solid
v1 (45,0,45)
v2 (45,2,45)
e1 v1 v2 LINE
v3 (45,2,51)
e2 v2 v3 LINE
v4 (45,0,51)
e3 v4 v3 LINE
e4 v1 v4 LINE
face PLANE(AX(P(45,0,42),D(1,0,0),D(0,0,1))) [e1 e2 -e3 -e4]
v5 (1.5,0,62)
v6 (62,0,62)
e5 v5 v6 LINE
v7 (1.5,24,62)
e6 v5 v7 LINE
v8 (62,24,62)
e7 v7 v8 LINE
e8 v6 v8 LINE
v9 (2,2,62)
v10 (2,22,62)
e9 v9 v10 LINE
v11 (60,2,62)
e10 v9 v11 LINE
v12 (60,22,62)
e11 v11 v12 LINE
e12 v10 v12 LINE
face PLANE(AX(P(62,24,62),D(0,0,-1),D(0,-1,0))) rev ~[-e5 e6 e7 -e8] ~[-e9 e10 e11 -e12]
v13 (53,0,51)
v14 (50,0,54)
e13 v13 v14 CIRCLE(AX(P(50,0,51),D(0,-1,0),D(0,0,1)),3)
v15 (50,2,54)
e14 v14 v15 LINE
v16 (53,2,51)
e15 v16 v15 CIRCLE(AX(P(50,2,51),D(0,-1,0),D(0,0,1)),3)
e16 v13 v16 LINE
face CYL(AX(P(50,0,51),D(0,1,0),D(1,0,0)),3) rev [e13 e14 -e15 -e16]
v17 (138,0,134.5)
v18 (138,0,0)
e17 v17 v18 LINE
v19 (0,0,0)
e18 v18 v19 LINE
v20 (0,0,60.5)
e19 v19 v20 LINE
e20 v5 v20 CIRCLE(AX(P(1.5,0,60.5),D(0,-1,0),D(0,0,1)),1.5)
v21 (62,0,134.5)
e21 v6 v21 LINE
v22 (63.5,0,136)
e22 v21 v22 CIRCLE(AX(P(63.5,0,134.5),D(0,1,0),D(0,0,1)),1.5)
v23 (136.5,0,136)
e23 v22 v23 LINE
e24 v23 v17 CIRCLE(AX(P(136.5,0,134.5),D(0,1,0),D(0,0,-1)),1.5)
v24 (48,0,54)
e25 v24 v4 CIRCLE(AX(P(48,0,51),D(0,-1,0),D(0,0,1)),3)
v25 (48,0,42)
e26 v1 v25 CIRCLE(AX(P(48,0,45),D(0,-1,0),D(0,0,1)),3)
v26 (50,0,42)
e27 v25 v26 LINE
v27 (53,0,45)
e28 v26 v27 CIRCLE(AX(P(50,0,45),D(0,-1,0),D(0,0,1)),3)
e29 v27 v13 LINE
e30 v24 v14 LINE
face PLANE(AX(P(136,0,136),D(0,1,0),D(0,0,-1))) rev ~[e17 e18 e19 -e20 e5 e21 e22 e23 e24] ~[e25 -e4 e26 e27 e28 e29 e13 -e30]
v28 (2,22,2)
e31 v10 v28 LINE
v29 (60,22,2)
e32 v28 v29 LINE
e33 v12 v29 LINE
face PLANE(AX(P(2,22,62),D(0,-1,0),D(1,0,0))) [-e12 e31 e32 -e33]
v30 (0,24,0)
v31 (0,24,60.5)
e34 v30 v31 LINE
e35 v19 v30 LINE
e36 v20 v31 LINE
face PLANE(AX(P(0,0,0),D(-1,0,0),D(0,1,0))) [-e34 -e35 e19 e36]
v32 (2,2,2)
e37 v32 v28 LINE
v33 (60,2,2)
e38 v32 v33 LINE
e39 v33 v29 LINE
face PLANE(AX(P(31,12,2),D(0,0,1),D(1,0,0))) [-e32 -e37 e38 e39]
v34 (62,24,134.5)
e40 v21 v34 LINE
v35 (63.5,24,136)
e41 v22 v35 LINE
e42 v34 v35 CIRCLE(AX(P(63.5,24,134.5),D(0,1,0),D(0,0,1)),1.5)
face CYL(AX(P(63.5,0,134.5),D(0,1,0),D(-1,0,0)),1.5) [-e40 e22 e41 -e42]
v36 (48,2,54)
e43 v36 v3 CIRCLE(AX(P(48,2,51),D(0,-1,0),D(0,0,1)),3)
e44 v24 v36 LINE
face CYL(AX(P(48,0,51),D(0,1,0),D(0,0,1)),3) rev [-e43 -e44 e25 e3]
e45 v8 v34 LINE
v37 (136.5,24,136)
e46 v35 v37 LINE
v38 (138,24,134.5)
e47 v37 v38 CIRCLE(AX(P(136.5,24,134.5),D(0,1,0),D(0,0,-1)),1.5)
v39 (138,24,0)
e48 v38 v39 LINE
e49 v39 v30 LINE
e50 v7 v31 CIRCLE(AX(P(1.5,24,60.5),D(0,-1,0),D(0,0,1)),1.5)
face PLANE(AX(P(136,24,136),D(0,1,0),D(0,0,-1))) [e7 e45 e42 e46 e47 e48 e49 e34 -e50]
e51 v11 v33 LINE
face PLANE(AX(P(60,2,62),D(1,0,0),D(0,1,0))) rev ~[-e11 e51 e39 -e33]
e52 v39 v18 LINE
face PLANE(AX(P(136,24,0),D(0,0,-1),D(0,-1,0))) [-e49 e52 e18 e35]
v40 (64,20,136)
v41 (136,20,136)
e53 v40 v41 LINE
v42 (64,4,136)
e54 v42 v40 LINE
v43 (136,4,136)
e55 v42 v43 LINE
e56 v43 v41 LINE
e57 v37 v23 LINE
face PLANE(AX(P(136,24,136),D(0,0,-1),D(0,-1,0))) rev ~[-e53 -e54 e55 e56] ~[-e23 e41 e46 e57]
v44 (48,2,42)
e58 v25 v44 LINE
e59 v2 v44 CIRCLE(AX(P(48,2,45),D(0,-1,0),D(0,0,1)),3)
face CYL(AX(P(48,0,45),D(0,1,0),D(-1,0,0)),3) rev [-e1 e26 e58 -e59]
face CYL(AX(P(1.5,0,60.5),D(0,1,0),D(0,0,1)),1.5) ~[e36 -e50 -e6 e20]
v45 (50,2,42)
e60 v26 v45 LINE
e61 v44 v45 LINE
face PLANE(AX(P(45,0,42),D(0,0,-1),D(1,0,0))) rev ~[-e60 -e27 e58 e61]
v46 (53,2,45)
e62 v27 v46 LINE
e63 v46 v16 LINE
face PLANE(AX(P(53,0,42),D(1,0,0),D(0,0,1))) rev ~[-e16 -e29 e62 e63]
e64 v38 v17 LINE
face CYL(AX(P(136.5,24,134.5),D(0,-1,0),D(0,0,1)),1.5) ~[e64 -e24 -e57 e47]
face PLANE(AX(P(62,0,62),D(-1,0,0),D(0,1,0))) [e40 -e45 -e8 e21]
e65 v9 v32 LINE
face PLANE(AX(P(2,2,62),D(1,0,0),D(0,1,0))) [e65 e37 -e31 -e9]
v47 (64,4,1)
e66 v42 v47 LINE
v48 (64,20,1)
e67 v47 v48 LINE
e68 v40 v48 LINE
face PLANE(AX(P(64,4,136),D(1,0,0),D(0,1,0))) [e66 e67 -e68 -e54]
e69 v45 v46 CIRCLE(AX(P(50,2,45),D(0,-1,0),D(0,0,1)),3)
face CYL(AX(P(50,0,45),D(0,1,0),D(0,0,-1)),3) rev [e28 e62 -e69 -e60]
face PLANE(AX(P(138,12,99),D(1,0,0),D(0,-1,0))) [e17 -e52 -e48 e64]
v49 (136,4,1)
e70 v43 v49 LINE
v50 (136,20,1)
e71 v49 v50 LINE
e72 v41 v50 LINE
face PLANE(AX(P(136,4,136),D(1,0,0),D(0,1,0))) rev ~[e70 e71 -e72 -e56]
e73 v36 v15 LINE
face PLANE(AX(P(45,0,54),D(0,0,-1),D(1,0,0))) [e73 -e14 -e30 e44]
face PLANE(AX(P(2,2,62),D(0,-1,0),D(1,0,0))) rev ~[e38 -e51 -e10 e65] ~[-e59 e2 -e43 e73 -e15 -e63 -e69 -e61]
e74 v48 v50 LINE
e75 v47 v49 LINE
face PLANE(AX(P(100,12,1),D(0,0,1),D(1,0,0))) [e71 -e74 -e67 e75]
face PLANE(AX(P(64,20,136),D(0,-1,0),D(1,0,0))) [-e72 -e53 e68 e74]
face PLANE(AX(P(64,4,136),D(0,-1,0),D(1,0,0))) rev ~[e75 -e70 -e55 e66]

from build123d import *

# Parameters (mm, degrees)
SKETCH_W          = 62
SKETCH_H          = 24
PAD_DEPTH         = 62
SKETCH001_W       = 58
SKETCH001_H       = 20
POCKET_DEPTH      = 60
SKETCH002_W       = 8
SKETCH002_H       = 12
POCKET001_DEPTH   = 2
POCKET001_FACE5_W = 24
POCKET001_FACE5_H = 62
PAD001_DEPTH      = 74
PAD001_FACE12_W   = 24
PAD001_FACE12_H   = 74
PAD002_DEPTH      = 74
PAD002_FACE18_W   = 24
PAD002_FACE18_H   = 62
PAD003_DEPTH      = 2
PAD003_FACE24_W   = 24
PAD003_FACE24_H   = 74
PAD004_DEPTH      = 2
SKETCH003_W       = 72
SKETCH003_H       = 16
POCKET002_DEPTH   = 135
FILLET_R          = 3
FILLET001_R       = 3
FILLET002_R       = 3
FILLET003_R       = 3
FILLET004_R       = 1.5
FILLET005_R       = 1.5
FILLET006_R       = 1.5


with BuildPart() as part:
    # Sketch → Pad (new body)
    with BuildSketch(Plane.XY):
        with Locations((31, 12)):
            Rectangle(SKETCH_W, SKETCH_H)
    extrude(amount=PAD_DEPTH)

    # Sketch001 (on Face6 of Pad) → Pocket (cut)
    with BuildSketch(Plane.XY.offset(62)):
        with Locations((31, 12)):
            Rectangle(SKETCH001_W, SKETCH001_H)
    extrude(amount=-POCKET_DEPTH, mode=Mode.SUBTRACT)

    # Sketch002 (on Face1 of Pocket) → Pocket001 (cut)
    with BuildSketch(Plane.XZ):
        with Locations((49, 48)):
            Rectangle(SKETCH002_W, SKETCH002_H)
    extrude(amount=-POCKET001_DEPTH, mode=Mode.SUBTRACT)

    # Pocket001 Face5 → Pad001 (add)
    with BuildSketch(Plane(origin=(62, 12, 31), x_dir=(0, -1, 0), z_dir=(1, 0, 0))):
        Rectangle(POCKET001_FACE5_W, POCKET001_FACE5_H)
    extrude(amount=PAD001_DEPTH)

    # Pad001 Face12 → Pad002 (add)
    with BuildSketch(Plane(origin=(99, 12, 62), x_dir=(0, 1, 0), z_dir=(0, 0, 1))):
        Rectangle(PAD001_FACE12_W, PAD001_FACE12_H)
    extrude(amount=PAD002_DEPTH)

    # Pad002 Face18 → Pad003 (add)
    with BuildSketch(Plane(origin=(136, 12, 31), x_dir=(0, -1, 0), z_dir=(1, 0, 0))):
        Rectangle(PAD002_FACE18_W, PAD002_FACE18_H)
    extrude(amount=PAD003_DEPTH)

    # Pad003 Face24 → Pad004 (add)
    with BuildSketch(Plane(origin=(136, 12, 99), x_dir=(0, -1, 0), z_dir=(1, 0, 0))):
        Rectangle(PAD003_FACE24_W, PAD003_FACE24_H)
    extrude(amount=PAD004_DEPTH)

    # Sketch003 (on Face21 of Pad002) → Pocket002 (cut)
    with BuildSketch(Plane.XY.offset(136)):
        with Locations((100, 12)):
            Rectangle(SKETCH003_W, SKETCH003_H)
    extrude(amount=-POCKET002_DEPTH, mode=Mode.SUBTRACT)

    # Fillet
    fillet_edges = [part.edges().sort_by_distance(p)[0] for p in [
        (45, 1, 42),
    ]]
    fillet(fillet_edges, radius=FILLET_R)

    # Fillet001
    fillet001_edges = [part.edges().sort_by_distance(p)[0] for p in [
        (53, 1, 42),
    ]]
    fillet(fillet001_edges, radius=FILLET001_R)

    # Fillet002
    fillet002_edges = [part.edges().sort_by_distance(p)[0] for p in [
        (53, 1, 54),
    ]]
    fillet(fillet002_edges, radius=FILLET002_R)

    # Fillet003
    fillet003_edges = [part.edges().sort_by_distance(p)[0] for p in [
        (45, 1, 54),
    ]]
    fillet(fillet003_edges, radius=FILLET003_R)

    # Fillet004
    fillet004_edges = [part.edges().sort_by_distance(p)[0] for p in [
        (62, 12, 136),
    ]]
    fillet(fillet004_edges, radius=FILLET004_R)

    # Fillet005
    fillet005_edges = [part.edges().sort_by_distance(p)[0] for p in [
        (138, 12, 136),
    ]]
    fillet(fillet005_edges, radius=FILLET005_R)

    # Fillet006
    fillet006_edges = [part.edges().sort_by_distance(p)[0] for p in [
        (0, 12, 62),
    ]]
    fillet(fillet006_edges, radius=FILLET006_R)


solid = part.part
